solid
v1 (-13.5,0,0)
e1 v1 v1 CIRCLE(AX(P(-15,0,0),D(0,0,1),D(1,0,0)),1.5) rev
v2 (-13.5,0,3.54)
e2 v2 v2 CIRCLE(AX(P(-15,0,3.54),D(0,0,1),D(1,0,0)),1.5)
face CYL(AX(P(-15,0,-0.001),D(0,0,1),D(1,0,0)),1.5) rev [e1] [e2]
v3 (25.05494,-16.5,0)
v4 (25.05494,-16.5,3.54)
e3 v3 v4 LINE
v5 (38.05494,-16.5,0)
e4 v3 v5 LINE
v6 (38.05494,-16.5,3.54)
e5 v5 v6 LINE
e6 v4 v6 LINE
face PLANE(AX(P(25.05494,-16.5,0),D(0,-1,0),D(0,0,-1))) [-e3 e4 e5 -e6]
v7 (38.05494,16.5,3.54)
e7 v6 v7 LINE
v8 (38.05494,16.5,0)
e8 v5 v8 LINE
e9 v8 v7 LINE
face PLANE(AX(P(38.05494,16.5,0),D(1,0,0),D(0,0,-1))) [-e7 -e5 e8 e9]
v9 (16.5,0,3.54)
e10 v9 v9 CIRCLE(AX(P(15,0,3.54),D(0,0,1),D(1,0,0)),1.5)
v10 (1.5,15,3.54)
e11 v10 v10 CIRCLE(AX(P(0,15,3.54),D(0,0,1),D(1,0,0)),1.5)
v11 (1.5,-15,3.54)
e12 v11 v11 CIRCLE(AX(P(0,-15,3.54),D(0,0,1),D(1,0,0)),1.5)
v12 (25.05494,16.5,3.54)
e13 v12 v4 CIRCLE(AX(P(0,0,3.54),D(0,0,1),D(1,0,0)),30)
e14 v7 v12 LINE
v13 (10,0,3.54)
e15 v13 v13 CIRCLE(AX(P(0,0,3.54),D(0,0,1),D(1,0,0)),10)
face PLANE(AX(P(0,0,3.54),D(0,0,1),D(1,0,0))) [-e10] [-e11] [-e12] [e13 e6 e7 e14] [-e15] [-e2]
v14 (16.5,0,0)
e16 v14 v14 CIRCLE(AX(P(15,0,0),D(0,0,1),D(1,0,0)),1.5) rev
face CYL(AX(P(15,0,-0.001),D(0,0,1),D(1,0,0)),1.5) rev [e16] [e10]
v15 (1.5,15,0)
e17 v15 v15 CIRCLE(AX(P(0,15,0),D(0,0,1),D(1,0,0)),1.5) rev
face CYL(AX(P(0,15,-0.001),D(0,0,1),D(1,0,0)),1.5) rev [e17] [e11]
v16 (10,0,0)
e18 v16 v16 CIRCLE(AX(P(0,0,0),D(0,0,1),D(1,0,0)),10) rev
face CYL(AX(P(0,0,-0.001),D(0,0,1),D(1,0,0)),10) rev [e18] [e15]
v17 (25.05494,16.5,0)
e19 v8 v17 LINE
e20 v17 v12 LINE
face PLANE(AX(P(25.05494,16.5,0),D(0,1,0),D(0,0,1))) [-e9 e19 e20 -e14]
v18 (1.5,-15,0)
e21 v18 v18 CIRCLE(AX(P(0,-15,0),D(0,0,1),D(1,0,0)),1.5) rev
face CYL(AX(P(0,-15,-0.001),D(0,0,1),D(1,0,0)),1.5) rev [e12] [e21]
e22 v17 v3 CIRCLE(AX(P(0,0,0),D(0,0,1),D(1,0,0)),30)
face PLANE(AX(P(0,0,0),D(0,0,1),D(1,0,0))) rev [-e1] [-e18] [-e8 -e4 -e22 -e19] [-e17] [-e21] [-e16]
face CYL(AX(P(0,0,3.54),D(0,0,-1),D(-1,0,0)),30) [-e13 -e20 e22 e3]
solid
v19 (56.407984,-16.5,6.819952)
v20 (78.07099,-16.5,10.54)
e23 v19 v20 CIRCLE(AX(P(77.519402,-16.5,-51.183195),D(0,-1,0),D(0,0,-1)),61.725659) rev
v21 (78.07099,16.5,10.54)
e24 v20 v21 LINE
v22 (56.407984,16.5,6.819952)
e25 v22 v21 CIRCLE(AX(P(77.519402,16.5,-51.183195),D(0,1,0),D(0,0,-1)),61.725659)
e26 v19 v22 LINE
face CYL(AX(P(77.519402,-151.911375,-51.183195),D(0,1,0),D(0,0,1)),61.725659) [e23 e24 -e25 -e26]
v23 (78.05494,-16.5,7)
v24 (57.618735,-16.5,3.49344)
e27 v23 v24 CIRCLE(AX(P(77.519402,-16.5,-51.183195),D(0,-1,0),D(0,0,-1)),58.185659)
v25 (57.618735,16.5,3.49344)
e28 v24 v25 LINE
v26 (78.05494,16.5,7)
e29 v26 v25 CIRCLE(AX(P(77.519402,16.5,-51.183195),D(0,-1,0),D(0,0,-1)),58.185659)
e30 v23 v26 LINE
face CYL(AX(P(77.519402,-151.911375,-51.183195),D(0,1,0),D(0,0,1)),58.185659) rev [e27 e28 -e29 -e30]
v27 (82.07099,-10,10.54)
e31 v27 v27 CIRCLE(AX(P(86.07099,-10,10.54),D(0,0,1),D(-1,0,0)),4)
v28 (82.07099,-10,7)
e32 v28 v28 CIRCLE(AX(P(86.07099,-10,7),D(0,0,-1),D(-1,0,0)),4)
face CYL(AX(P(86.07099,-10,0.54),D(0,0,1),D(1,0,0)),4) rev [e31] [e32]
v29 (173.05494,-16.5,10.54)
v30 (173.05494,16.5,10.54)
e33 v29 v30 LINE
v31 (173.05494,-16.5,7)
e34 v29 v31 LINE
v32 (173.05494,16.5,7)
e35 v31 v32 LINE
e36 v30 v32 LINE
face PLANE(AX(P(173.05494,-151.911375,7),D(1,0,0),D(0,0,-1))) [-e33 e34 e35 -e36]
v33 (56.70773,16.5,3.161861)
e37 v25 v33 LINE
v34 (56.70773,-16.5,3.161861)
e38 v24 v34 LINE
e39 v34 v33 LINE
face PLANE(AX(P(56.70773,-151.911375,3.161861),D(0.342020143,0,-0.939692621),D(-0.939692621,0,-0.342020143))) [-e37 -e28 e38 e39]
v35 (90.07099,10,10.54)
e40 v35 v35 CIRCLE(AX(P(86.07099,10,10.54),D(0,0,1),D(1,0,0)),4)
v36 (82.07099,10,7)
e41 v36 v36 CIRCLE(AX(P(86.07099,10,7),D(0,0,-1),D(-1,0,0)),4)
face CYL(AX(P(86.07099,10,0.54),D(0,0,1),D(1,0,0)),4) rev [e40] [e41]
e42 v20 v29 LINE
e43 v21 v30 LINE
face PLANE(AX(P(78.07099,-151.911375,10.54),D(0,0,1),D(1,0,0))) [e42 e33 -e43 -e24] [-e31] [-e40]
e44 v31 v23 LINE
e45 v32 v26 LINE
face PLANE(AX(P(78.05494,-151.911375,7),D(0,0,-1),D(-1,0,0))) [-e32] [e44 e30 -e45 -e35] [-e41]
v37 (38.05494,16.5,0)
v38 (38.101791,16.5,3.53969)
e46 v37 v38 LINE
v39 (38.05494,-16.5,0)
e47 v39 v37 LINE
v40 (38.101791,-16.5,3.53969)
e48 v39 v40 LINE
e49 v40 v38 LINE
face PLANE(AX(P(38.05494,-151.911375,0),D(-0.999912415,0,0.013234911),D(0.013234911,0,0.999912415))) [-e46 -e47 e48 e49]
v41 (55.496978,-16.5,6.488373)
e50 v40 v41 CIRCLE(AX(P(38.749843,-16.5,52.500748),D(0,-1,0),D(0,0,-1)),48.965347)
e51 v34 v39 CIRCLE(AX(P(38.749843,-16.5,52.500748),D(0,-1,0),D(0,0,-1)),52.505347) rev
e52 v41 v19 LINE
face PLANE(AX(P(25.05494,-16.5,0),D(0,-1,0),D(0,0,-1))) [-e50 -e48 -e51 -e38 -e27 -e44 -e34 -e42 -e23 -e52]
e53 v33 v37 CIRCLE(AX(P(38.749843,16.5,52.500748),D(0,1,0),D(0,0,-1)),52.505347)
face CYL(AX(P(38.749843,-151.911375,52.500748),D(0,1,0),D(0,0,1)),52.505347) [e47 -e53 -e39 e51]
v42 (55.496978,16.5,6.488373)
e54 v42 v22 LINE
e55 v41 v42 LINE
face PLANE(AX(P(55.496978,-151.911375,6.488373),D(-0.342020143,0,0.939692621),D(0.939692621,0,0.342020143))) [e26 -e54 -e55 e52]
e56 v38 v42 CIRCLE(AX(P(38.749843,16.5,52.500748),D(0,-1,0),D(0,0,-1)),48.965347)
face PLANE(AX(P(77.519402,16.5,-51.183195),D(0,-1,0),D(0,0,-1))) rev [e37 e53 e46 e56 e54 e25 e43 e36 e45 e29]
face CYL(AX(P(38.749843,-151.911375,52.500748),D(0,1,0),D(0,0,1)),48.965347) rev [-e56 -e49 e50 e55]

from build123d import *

# Parameters (mm, degrees)
SKETCH1_R           = 30
BOSS_EXTRUDE1_DEPTH = 3.54
BOSS_EXTRUDE4_START = -3.54
BOSS_EXTRUDE4_DEPTH = 3.54
CUT_EXTRUDE1_REACH  = 50.587
SKETCH5_R           = 10
CUT_EXTRUDE2_REACH  = 50.587
SKETCH6_R           = 1.5
BOSS_EXTRUDE5_DEPTH = 33
SKETCH8_R           = 4
CUT_EXTRUDE3_DEPTH  = 10


with BuildPart() as part:
    # Sketch1 → Boss-Extrude1 (new body)
    with BuildSketch(Plane.XY):
        Circle(SKETCH1_R)
    extrude(amount=BOSS_EXTRUDE1_DEPTH)

    # Sketch4 → Boss-Extrude4 (add)
    with BuildSketch(Plane.XY.offset(3.54).offset(BOSS_EXTRUDE4_START)):
        with BuildLine():
            Line((25.054939633, 16.5), (38.054939633, 16.5))
            Line((38.054939633, 16.5), (38.054939633, -16.5))
            Line((38.054939633, -16.5), (25.054939633, -16.5))
            ThreePointArc((25.054939633, -16.5), (30, 0), (25.054939633, 16.5))
        make_face()
    extrude(amount=BOSS_EXTRUDE4_DEPTH)

    # Sketch5 → Cut-Extrude1 (cut, up to next)
    with BuildSketch(Plane.XY.offset(3.54), mode=Mode.PRIVATE) as cut_extrude1_sk1:
        Circle(SKETCH5_R)
    cut_extrude1_tool1 = extrude(cut_extrude1_sk1.sketch, amount=-CUT_EXTRUDE1_REACH, mode=Mode.PRIVATE) & part.part
    add(cut_extrude1_tool1.solids().sort_by_distance((0, 0, 3.54))[0], mode=Mode.SUBTRACT)

    # Sketch6 → Cut-Extrude2 (cut, up to next)
    with BuildSketch(Plane.XY.offset(3.54), mode=Mode.PRIVATE) as cut_extrude2_sk1:
        with Locations((0, 15)):
            Circle(SKETCH6_R)
    cut_extrude2_tool1 = extrude(cut_extrude2_sk1.sketch, amount=-CUT_EXTRUDE2_REACH, mode=Mode.PRIVATE) & part.part
    # Sketch6 → Cut-Extrude2 (cut, up to next)
    with BuildSketch(Plane.XY.offset(3.54), mode=Mode.PRIVATE) as cut_extrude2_sk2:
        with Locations((15, 0)):
            Circle(SKETCH6_R)
    cut_extrude2_tool2 = extrude(cut_extrude2_sk2.sketch, amount=-CUT_EXTRUDE2_REACH, mode=Mode.PRIVATE) & part.part
    # Sketch6 → Cut-Extrude2 (cut, up to next)
    with BuildSketch(Plane.XY.offset(3.54), mode=Mode.PRIVATE) as cut_extrude2_sk3:
        with Locations((0, -15)):
            Circle(SKETCH6_R)
    cut_extrude2_tool3 = extrude(cut_extrude2_sk3.sketch, amount=-CUT_EXTRUDE2_REACH, mode=Mode.PRIVATE) & part.part
    # Sketch6 → Cut-Extrude2 (cut, up to next)
    with BuildSketch(Plane.XY.offset(3.54), mode=Mode.PRIVATE) as cut_extrude2_sk4:
        with Locations((-15, 0)):
            Circle(SKETCH6_R)
    cut_extrude2_tool4 = extrude(cut_extrude2_sk4.sketch, amount=-CUT_EXTRUDE2_REACH, mode=Mode.PRIVATE) & part.part
    add(cut_extrude2_tool1.solids().sort_by_distance((0, 15, 3.54))[0], mode=Mode.SUBTRACT)
    add(cut_extrude2_tool2.solids().sort_by_distance((15, 0, 3.54))[0], mode=Mode.SUBTRACT)
    add(cut_extrude2_tool3.solids().sort_by_distance((0, -15, 3.54))[0], mode=Mode.SUBTRACT)
    add(cut_extrude2_tool4.solids().sort_by_distance((-15, 0, 3.54))[0], mode=Mode.SUBTRACT)


with BuildPart() as body_2:
    # Sketch7 → Boss-Extrude5 (new body)
    with BuildSketch(Plane(origin=(0, 16.5, 0), x_dir=(1, 0, 0), z_dir=(0, 1, 0))):
        with BuildLine():
            Line((78.054939633, -7), (173.054939633, -7))
            Line((173.054939633, -7), (173.054939633, -10.54))
            Line((173.054939633, -10.54), (78.070990419, -10.54))
            ThreePointArc((78.070990419, -10.54), (67.072567905, -9.651997942), (56.407983509, -6.819951839))
            Line((56.407983509, -6.819951839), (55.496978315, -6.488373065))
            ThreePointArc((55.496978315, -6.488373065), (46.933290058, -4.224083077), (38.101791219, -3.539689948))
            Line((38.101791219, -3.539689948), (38.054939633, 0))
            ThreePointArc((38.054939633, 0), (47.524920739, -0.733872032), (56.707729622, -3.161861188))
            Line((56.707729622, -3.161861188), (57.618734817, -3.493439962))
            ThreePointArc((57.618734817, -3.493439962), (67.679379066, -6.164384916), (78.054939633, -7))
        make_face()
    extrude(amount=-BOSS_EXTRUDE5_DEPTH)

    # Sketch8 → Cut-Extrude3 (cut)
    with BuildSketch(Plane.XY.offset(10.54)):
        with Locations((86.070990419, 10)):
            Circle(SKETCH8_R)
        with Locations(Location((86.070990419, -10, 0), (0, 0, 180))):
            Circle(SKETCH8_R)
    extrude(amount=-CUT_EXTRUDE3_DEPTH, mode=Mode.SUBTRACT)


solid = Compound([part.part, body_2.part])
